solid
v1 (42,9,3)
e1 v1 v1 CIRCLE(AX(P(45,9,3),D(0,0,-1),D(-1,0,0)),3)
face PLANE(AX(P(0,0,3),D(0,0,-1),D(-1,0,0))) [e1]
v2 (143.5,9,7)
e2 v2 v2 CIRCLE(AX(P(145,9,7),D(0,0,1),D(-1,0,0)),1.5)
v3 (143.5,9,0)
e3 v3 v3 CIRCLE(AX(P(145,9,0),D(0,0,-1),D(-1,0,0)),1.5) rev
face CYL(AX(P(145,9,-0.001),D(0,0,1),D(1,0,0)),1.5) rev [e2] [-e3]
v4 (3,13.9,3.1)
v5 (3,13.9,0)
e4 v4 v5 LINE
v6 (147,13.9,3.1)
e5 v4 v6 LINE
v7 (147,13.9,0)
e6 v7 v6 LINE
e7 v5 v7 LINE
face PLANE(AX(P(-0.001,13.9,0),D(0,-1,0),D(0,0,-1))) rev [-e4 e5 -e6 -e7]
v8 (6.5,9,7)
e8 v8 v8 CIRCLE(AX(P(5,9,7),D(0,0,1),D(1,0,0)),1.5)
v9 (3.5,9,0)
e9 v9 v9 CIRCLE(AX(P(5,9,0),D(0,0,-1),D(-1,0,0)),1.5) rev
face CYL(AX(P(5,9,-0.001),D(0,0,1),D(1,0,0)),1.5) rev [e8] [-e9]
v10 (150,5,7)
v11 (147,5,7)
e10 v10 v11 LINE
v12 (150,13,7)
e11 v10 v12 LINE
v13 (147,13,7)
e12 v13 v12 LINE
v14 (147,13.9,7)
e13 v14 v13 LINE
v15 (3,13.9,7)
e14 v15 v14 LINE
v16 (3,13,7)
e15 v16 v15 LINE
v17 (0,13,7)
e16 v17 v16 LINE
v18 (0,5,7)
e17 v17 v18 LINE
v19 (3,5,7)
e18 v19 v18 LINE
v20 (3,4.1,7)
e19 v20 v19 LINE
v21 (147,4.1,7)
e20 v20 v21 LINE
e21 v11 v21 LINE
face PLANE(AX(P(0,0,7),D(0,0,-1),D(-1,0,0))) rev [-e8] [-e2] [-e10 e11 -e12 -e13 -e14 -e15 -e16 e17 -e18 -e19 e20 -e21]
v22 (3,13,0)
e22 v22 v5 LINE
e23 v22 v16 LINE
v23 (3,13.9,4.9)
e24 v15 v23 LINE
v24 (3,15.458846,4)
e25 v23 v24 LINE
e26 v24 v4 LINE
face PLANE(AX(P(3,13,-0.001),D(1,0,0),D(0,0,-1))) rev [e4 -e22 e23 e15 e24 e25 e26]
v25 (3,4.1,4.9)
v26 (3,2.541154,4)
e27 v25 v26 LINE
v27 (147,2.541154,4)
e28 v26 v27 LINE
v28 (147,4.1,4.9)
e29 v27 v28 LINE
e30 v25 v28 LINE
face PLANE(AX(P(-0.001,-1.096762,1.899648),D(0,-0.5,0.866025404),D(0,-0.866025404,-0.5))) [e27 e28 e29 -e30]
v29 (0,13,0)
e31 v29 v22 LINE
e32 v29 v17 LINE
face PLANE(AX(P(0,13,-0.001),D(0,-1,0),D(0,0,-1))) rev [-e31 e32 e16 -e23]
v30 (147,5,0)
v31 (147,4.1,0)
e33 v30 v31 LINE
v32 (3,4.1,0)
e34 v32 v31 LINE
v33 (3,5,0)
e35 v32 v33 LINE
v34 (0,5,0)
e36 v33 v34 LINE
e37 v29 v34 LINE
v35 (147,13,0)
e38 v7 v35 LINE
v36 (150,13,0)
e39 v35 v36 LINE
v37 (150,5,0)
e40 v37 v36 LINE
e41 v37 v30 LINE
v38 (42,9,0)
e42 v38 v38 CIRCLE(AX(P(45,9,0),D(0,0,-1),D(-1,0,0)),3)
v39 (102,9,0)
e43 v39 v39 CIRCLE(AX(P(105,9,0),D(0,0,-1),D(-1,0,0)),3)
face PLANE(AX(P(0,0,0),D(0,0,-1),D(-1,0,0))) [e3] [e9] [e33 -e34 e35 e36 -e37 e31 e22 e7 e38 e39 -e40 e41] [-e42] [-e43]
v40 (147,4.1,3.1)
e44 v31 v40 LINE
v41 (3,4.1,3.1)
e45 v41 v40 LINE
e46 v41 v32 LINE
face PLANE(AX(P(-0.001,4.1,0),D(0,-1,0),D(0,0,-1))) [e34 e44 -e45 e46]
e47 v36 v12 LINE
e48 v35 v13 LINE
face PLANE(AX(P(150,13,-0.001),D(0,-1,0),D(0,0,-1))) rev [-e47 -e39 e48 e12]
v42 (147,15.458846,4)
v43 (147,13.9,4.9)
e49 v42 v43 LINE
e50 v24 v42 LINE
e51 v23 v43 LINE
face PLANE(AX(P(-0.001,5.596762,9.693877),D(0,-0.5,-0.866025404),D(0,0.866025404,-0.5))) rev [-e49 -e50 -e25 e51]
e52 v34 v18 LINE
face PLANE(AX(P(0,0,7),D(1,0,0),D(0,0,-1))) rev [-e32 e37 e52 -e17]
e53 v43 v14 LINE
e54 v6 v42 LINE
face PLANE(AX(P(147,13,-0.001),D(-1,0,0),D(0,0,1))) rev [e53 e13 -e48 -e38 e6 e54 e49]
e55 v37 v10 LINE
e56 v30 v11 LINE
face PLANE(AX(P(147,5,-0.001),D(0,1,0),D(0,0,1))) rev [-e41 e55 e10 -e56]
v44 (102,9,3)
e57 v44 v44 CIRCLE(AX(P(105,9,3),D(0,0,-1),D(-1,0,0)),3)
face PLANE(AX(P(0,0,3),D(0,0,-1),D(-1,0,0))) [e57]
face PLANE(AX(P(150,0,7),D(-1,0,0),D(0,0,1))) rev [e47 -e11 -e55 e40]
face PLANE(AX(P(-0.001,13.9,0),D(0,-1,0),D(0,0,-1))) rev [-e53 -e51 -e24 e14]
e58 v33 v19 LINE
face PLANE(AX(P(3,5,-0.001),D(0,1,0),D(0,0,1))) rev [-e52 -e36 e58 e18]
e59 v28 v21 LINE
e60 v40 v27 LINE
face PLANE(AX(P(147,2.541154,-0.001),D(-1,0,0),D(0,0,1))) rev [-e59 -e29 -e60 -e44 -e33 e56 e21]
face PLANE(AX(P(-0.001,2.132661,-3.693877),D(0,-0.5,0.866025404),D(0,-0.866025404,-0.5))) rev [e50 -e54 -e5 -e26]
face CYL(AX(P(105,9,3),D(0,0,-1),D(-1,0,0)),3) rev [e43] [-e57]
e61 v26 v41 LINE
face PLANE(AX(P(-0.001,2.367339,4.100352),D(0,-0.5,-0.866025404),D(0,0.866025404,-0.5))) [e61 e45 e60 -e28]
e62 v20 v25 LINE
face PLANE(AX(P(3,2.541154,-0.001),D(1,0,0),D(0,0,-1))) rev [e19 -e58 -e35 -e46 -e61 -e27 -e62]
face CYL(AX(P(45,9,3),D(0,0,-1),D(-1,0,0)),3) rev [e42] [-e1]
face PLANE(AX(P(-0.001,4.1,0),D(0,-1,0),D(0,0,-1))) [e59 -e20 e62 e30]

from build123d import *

# Parameters (mm, degrees)
SKETCH_1_W          = 150
SKETCH_1_H          = 18
EXTRUDE_1_DEPTH     = 7
CUT_EXTRUDE_1_REACH = 153.238
SKETCH_3_R          = 1.5
CUT_EXTRUDE_2_REACH = 153.238
CUT_EXTRUDE_3_REACH = 152.957
SKETCH_5_W          = 3
SKETCH_5_H          = 2.458845727
SKETCH_6_R          = 3
CUT_EXTRUDE_4_DEPTH = 3


with BuildPart() as part:
    # 草图1 → 凸台-拉伸1 (new body)
    with BuildSketch(Plane.XY):
        with Locations((75, 9)):
            Rectangle(SKETCH_1_W, SKETCH_1_H)
    extrude(amount=EXTRUDE_1_DEPTH)

    # 草图3 → 切除-拉伸1 (cut, up to next)
    with BuildSketch(Plane.XY.offset(7), mode=Mode.PRIVATE) as cut_extrude_1_sk1:
        with Locations((5, 9)):
            Circle(SKETCH_3_R)
    cut_extrude_1_tool1 = extrude(cut_extrude_1_sk1.sketch, amount=-CUT_EXTRUDE_1_REACH, mode=Mode.PRIVATE) & part.part
    # 草图3 → 切除-拉伸1 (cut, up to next)
    with BuildSketch(Plane.XY.offset(7), mode=Mode.PRIVATE) as cut_extrude_1_sk2:
        with Locations(Location((145, 9, 0), (0, 0, 180))):
            Circle(SKETCH_3_R)
    cut_extrude_1_tool2 = extrude(cut_extrude_1_sk2.sketch, amount=-CUT_EXTRUDE_1_REACH, mode=Mode.PRIVATE) & part.part
    add(cut_extrude_1_tool1.solids().sort_by_distance((5, 9, 7))[0], mode=Mode.SUBTRACT)
    add(cut_extrude_1_tool2.solids().sort_by_distance((145, 9, 7))[0], mode=Mode.SUBTRACT)

    # 草图2 → 切除-拉伸2 (cut, up to next)
    with BuildSketch(Plane(origin=(150, 0, 0), x_dir=(0, 0, -1), z_dir=(1, 0, 0)), mode=Mode.PRIVATE) as cut_extrude_2_sk1:
        Polygon((-7, 18), (-7, 13.9), (-4.9, 13.9), (-4, 15.458845727), (-3.1, 13.9), (0, 13.9), (0, 18), align=None)
    cut_extrude_2_tool1 = extrude(cut_extrude_2_sk1.sketch, amount=-CUT_EXTRUDE_2_REACH, mode=Mode.PRIVATE) & part.part
    # 草图2 → 切除-拉伸2 (cut, up to next)
    with BuildSketch(Plane(origin=(150, 0, 0), x_dir=(0, 0, -1), z_dir=(1, 0, 0)), mode=Mode.PRIVATE) as cut_extrude_2_sk2:
        Polygon((-4.9, 4.1), (-7, 4.1), (-7, 0), (0, 0), (0, 4.1), (-3.1, 4.1), (-4, 2.541154273), align=None)
    cut_extrude_2_tool2 = extrude(cut_extrude_2_sk2.sketch, amount=-CUT_EXTRUDE_2_REACH, mode=Mode.PRIVATE) & part.part
    add(cut_extrude_2_tool1.solids().sort_by_distance((150, 16.028656, 3.474302))[0], mode=Mode.SUBTRACT)
    add(cut_extrude_2_tool2.solids().sort_by_distance((150, 1.971344, 3.474302))[0], mode=Mode.SUBTRACT)

    # 草图5 → 切除-拉伸3 (cut, up to next)
    with BuildSketch(Plane.XY.offset(7), mode=Mode.PRIVATE) as cut_extrude_3_sk1:
        with Locations((1.5, 14.229422864)):
            Rectangle(SKETCH_5_W, SKETCH_5_H)
    cut_extrude_3_tool1 = extrude(cut_extrude_3_sk1.sketch, amount=-CUT_EXTRUDE_3_REACH, mode=Mode.PRIVATE) & part.part
    # 草图5 → 切除-拉伸3 (cut, up to next)
    with BuildSketch(Plane.XY.offset(7), mode=Mode.PRIVATE) as cut_extrude_3_sk2:
        with Locations((1.5, 3.770577137)):
            Rectangle(SKETCH_5_W, SKETCH_5_H)
    cut_extrude_3_tool2 = extrude(cut_extrude_3_sk2.sketch, amount=-CUT_EXTRUDE_3_REACH, mode=Mode.PRIVATE) & part.part
    # 草图5 → 切除-拉伸3 (cut, up to next)
    with BuildSketch(Plane.XY.offset(7), mode=Mode.PRIVATE) as cut_extrude_3_sk3:
        with Locations((148.5, 3.770577137)):
            Rectangle(SKETCH_5_W, SKETCH_5_H)
    cut_extrude_3_tool3 = extrude(cut_extrude_3_sk3.sketch, amount=-CUT_EXTRUDE_3_REACH, mode=Mode.PRIVATE) & part.part
    # 草图5 → 切除-拉伸3 (cut, up to next)
    with BuildSketch(Plane.XY.offset(7), mode=Mode.PRIVATE) as cut_extrude_3_sk4:
        with Locations((148.5, 14.229422864)):
            Rectangle(SKETCH_5_W, SKETCH_5_H)
    cut_extrude_3_tool4 = extrude(cut_extrude_3_sk4.sketch, amount=-CUT_EXTRUDE_3_REACH, mode=Mode.PRIVATE) & part.part
    add(cut_extrude_3_tool1.solids().sort_by_distance((1.5, 14.229423, 7))[0], mode=Mode.SUBTRACT)
    add(cut_extrude_3_tool2.solids().sort_by_distance((1.5, 3.770577, 7))[0], mode=Mode.SUBTRACT)
    add(cut_extrude_3_tool3.solids().sort_by_distance((148.5, 3.770577, 7))[0], mode=Mode.SUBTRACT)
    add(cut_extrude_3_tool4.solids().sort_by_distance((148.5, 14.229423, 7))[0], mode=Mode.SUBTRACT)

    # 草图6 → 切除-拉伸4 (cut)
    with BuildSketch(Plane(origin=(0, 0, 0), x_dir=(-1, 0, 0), z_dir=(0, 0, -1))):
        with Locations((-105, 9)):
            Circle(SKETCH_6_R)
        with Locations((-45, 9)):
            Circle(SKETCH_6_R)
    extrude(amount=-CUT_EXTRUDE_4_DEPTH, mode=Mode.SUBTRACT)


solid = part.part
